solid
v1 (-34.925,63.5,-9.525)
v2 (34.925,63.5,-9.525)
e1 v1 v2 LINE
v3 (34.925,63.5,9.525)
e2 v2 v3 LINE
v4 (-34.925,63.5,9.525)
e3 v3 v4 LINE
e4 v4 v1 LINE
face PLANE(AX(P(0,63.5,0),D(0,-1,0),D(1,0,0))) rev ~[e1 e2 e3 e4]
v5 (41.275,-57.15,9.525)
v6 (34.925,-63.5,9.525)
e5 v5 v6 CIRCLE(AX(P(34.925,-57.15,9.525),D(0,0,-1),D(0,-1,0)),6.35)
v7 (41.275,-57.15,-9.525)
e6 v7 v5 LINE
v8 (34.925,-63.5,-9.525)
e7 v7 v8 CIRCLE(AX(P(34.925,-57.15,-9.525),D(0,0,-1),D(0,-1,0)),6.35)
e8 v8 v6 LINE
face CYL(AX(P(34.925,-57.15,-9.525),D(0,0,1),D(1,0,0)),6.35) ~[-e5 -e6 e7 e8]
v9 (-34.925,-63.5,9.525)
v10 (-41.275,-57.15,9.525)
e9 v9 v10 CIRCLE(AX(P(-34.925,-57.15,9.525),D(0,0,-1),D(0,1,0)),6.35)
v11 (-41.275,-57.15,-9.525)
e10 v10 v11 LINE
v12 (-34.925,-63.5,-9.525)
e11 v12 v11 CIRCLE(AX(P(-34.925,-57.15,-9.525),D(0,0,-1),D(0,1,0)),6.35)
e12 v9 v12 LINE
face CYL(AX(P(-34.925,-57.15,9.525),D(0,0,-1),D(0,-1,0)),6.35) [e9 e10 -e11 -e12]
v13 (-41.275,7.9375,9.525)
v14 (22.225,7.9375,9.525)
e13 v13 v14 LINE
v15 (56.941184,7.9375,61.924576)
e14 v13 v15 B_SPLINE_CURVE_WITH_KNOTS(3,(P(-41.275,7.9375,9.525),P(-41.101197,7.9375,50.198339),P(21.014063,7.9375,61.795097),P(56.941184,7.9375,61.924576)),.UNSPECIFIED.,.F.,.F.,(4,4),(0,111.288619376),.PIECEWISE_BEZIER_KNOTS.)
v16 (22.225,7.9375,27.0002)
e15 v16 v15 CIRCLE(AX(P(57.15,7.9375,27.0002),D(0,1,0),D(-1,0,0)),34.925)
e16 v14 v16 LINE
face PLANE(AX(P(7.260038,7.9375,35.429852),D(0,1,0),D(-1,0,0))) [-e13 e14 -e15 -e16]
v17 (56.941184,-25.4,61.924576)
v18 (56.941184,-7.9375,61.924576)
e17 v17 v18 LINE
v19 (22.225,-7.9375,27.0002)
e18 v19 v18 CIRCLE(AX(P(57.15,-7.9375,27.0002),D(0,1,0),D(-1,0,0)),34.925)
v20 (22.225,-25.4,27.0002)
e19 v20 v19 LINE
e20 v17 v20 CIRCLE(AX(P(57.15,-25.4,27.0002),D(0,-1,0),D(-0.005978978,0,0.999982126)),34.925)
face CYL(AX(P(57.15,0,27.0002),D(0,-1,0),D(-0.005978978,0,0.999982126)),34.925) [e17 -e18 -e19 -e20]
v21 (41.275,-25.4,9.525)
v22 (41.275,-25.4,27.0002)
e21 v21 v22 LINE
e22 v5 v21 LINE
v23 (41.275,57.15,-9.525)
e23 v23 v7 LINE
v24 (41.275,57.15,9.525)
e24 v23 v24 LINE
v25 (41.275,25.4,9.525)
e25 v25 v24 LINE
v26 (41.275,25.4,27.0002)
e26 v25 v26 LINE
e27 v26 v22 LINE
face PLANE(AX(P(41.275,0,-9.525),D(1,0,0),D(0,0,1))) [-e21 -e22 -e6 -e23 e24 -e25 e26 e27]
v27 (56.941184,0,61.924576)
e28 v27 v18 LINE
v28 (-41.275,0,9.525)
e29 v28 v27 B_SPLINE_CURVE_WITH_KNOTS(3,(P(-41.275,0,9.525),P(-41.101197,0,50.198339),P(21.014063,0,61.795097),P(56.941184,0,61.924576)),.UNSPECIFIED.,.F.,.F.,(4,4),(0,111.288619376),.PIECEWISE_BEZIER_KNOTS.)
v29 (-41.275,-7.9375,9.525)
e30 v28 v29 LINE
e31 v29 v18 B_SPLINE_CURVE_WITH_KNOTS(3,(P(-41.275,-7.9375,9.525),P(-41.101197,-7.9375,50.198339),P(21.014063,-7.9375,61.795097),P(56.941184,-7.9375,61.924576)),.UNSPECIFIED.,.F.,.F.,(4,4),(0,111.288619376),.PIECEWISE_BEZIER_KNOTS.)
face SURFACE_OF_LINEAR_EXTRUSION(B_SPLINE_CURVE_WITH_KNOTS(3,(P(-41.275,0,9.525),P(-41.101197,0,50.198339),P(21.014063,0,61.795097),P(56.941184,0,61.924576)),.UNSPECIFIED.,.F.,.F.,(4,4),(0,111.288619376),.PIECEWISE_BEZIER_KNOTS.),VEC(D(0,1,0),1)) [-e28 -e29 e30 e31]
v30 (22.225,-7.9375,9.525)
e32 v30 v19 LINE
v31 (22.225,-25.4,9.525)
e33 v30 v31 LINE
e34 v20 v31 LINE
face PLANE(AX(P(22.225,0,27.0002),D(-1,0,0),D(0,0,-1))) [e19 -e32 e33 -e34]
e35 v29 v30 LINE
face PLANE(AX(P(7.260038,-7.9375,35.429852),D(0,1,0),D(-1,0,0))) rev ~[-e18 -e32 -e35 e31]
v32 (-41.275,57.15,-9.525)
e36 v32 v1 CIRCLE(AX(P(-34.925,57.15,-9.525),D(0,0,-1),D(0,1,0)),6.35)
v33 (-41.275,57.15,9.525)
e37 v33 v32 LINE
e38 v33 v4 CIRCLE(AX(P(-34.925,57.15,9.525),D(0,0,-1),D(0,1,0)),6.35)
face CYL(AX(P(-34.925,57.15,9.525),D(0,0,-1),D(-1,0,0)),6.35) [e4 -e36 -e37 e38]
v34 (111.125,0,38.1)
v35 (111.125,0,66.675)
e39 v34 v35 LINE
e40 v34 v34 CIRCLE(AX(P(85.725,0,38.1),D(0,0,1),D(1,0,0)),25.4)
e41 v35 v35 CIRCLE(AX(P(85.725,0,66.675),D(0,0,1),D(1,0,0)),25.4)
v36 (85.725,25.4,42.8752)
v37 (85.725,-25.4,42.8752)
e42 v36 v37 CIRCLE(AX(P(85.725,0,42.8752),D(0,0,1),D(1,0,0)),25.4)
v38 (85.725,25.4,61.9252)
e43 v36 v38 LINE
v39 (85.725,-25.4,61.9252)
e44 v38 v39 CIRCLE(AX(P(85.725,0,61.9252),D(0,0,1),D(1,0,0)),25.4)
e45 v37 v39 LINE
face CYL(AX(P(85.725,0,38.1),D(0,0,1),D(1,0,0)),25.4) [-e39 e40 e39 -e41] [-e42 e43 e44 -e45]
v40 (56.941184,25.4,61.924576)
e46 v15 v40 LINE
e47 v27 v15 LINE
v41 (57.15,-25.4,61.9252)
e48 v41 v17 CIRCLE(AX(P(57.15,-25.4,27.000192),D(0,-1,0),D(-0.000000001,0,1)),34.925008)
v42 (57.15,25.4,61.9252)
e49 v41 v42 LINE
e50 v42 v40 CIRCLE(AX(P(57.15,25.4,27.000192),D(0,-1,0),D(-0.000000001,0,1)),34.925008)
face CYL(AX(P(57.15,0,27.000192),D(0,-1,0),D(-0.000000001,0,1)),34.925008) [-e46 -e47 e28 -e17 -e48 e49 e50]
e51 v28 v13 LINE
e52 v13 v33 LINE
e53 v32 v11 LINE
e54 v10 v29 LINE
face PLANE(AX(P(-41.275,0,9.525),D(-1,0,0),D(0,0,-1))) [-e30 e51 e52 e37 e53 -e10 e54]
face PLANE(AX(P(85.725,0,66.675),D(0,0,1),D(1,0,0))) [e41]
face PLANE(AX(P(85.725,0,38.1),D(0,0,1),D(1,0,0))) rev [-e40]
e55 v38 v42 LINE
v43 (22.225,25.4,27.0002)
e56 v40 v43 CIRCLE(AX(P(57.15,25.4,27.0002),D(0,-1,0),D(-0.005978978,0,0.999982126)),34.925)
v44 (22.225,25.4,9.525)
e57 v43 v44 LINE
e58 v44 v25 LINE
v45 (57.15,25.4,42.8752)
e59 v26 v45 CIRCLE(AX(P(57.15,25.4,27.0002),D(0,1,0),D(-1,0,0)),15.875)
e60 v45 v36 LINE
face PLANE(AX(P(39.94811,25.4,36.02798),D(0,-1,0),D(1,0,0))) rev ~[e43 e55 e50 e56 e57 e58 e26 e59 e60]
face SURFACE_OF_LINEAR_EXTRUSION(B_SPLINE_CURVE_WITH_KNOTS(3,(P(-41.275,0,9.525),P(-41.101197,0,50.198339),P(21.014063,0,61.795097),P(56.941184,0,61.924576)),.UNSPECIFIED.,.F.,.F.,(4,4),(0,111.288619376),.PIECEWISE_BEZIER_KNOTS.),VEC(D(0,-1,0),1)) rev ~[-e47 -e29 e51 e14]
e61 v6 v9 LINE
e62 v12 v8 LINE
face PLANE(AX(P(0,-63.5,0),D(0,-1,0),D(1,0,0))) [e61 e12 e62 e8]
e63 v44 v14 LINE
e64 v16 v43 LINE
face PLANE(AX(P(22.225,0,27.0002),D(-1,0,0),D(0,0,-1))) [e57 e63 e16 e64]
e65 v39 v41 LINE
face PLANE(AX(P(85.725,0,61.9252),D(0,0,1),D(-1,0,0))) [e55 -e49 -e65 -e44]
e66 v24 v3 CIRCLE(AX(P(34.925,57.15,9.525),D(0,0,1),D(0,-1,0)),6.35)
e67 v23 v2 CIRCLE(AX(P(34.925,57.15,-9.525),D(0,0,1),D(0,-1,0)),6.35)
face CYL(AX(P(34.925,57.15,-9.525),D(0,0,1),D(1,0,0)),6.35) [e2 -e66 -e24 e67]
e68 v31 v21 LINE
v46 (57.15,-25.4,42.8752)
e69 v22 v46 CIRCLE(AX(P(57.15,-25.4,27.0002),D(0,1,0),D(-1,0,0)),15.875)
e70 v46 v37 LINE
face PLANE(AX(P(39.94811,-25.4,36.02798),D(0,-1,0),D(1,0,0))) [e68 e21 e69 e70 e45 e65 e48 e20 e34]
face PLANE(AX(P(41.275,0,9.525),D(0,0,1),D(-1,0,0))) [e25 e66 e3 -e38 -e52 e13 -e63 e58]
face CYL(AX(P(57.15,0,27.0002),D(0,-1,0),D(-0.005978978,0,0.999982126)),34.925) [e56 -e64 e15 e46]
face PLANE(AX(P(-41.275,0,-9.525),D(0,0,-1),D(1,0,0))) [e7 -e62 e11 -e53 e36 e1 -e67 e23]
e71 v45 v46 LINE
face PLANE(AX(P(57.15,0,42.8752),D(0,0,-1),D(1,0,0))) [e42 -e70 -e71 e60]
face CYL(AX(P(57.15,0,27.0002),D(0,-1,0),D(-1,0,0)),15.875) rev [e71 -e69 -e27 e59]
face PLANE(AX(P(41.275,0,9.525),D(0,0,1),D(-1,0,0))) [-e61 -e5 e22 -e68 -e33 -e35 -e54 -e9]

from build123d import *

# Parameters (mm, degrees)
F1_DEPTH = 63.5
F0_W     = 25.4
F0_H     = 19.05
F2_DEPTH = 25.4
F3_DEPTH = 7.9375
F5_R     = 6.35


with BuildPart() as f1:
    # F0 (on Front) → F1 (new body, symmetric)
    with BuildSketch(Plane.XZ):
        Polygon((22.225, 9.525), (-41.275, 9.525), (-41.275, -9.525), (41.275, -9.525), (41.275, 9.525), align=None)
    extrude(amount=F1_DEPTH, both=True)

    # F0 (on Front) → F2 (join, symmetric)
    with BuildSketch(Plane.XZ):
        with BuildLine():
            Line((22.225, 27.0002), (22.225, 9.525))
            Line((22.225, 9.525), (41.275, 9.525))
            Line((41.275, 9.525), (41.275, 27.0002))
            ThreePointArc((41.275, 27.0002), (45.9246798487, 38.2255201513), (57.15, 42.8752))
            Line((57.15, 42.8752), (60.325, 42.8752))
            Line((60.325, 42.8752), (60.325, 61.9252))
            Line((60.325, 61.9252), (57.15, 61.9252))
            ThreePointArc((57.15, 61.9252), (57.0455916297, 61.9250439351), (56.9411841925, 61.9245757419))
            ThreePointArc((56.9411841925, 61.9245757419), (32.3805781549, 51.6219661117), (22.225, 27.0002))
        make_face()
        with Locations((73.025, 52.4002)):
            Rectangle(F0_W, F0_H)
    extrude(amount=F2_DEPTH, both=True)

    # F0 (on Front) → F3 (join, symmetric)
    with BuildSketch(Plane.XZ):
        with BuildLine():
            add(Edge.make_bspline(
                [(-41.275, 9.525), (-41.1011968465, 50.1983393078), (21.0140626071, 61.7950971069), (56.9411841925, 61.9245757419)],
                knots=[0, 0, 0, 0, 111.2886193757, 111.2886193757, 111.2886193757, 111.2886193757], degree=3))
            Line((-41.275, 9.525), (22.225, 9.525))
            Line((22.225, 9.525), (22.225, 27.0002))
            ThreePointArc((22.225, 27.0002), (32.3805781549, 51.6219661117), (56.9411841925, 61.9245757419))
        make_face()
    extrude(amount=F3_DEPTH, both=True)

    # F0 (on Front) → F4 (revolve)
    with BuildSketch(Plane.XZ):
        Polygon((85.725, 66.675), (85.725, 61.9252), (85.725, 42.8752), (85.725, 38.1), (111.125, 38.1), (111.125, 66.675), align=None)
    revolve(axis=Axis((85.725, 0, 54.7751), (0, 0, 1)))

    # F5
    f5_edges = [f1.edges().sort_by_distance(p)[0] for p in [
        (41.275, -63.5, 0),
        (-41.275, -63.5, 0),
        (-41.275, 63.5, 0),
        (41.275, 63.5, 0),
    ]]
    fillet(f5_edges, radius=F5_R)


solid = f1.part
